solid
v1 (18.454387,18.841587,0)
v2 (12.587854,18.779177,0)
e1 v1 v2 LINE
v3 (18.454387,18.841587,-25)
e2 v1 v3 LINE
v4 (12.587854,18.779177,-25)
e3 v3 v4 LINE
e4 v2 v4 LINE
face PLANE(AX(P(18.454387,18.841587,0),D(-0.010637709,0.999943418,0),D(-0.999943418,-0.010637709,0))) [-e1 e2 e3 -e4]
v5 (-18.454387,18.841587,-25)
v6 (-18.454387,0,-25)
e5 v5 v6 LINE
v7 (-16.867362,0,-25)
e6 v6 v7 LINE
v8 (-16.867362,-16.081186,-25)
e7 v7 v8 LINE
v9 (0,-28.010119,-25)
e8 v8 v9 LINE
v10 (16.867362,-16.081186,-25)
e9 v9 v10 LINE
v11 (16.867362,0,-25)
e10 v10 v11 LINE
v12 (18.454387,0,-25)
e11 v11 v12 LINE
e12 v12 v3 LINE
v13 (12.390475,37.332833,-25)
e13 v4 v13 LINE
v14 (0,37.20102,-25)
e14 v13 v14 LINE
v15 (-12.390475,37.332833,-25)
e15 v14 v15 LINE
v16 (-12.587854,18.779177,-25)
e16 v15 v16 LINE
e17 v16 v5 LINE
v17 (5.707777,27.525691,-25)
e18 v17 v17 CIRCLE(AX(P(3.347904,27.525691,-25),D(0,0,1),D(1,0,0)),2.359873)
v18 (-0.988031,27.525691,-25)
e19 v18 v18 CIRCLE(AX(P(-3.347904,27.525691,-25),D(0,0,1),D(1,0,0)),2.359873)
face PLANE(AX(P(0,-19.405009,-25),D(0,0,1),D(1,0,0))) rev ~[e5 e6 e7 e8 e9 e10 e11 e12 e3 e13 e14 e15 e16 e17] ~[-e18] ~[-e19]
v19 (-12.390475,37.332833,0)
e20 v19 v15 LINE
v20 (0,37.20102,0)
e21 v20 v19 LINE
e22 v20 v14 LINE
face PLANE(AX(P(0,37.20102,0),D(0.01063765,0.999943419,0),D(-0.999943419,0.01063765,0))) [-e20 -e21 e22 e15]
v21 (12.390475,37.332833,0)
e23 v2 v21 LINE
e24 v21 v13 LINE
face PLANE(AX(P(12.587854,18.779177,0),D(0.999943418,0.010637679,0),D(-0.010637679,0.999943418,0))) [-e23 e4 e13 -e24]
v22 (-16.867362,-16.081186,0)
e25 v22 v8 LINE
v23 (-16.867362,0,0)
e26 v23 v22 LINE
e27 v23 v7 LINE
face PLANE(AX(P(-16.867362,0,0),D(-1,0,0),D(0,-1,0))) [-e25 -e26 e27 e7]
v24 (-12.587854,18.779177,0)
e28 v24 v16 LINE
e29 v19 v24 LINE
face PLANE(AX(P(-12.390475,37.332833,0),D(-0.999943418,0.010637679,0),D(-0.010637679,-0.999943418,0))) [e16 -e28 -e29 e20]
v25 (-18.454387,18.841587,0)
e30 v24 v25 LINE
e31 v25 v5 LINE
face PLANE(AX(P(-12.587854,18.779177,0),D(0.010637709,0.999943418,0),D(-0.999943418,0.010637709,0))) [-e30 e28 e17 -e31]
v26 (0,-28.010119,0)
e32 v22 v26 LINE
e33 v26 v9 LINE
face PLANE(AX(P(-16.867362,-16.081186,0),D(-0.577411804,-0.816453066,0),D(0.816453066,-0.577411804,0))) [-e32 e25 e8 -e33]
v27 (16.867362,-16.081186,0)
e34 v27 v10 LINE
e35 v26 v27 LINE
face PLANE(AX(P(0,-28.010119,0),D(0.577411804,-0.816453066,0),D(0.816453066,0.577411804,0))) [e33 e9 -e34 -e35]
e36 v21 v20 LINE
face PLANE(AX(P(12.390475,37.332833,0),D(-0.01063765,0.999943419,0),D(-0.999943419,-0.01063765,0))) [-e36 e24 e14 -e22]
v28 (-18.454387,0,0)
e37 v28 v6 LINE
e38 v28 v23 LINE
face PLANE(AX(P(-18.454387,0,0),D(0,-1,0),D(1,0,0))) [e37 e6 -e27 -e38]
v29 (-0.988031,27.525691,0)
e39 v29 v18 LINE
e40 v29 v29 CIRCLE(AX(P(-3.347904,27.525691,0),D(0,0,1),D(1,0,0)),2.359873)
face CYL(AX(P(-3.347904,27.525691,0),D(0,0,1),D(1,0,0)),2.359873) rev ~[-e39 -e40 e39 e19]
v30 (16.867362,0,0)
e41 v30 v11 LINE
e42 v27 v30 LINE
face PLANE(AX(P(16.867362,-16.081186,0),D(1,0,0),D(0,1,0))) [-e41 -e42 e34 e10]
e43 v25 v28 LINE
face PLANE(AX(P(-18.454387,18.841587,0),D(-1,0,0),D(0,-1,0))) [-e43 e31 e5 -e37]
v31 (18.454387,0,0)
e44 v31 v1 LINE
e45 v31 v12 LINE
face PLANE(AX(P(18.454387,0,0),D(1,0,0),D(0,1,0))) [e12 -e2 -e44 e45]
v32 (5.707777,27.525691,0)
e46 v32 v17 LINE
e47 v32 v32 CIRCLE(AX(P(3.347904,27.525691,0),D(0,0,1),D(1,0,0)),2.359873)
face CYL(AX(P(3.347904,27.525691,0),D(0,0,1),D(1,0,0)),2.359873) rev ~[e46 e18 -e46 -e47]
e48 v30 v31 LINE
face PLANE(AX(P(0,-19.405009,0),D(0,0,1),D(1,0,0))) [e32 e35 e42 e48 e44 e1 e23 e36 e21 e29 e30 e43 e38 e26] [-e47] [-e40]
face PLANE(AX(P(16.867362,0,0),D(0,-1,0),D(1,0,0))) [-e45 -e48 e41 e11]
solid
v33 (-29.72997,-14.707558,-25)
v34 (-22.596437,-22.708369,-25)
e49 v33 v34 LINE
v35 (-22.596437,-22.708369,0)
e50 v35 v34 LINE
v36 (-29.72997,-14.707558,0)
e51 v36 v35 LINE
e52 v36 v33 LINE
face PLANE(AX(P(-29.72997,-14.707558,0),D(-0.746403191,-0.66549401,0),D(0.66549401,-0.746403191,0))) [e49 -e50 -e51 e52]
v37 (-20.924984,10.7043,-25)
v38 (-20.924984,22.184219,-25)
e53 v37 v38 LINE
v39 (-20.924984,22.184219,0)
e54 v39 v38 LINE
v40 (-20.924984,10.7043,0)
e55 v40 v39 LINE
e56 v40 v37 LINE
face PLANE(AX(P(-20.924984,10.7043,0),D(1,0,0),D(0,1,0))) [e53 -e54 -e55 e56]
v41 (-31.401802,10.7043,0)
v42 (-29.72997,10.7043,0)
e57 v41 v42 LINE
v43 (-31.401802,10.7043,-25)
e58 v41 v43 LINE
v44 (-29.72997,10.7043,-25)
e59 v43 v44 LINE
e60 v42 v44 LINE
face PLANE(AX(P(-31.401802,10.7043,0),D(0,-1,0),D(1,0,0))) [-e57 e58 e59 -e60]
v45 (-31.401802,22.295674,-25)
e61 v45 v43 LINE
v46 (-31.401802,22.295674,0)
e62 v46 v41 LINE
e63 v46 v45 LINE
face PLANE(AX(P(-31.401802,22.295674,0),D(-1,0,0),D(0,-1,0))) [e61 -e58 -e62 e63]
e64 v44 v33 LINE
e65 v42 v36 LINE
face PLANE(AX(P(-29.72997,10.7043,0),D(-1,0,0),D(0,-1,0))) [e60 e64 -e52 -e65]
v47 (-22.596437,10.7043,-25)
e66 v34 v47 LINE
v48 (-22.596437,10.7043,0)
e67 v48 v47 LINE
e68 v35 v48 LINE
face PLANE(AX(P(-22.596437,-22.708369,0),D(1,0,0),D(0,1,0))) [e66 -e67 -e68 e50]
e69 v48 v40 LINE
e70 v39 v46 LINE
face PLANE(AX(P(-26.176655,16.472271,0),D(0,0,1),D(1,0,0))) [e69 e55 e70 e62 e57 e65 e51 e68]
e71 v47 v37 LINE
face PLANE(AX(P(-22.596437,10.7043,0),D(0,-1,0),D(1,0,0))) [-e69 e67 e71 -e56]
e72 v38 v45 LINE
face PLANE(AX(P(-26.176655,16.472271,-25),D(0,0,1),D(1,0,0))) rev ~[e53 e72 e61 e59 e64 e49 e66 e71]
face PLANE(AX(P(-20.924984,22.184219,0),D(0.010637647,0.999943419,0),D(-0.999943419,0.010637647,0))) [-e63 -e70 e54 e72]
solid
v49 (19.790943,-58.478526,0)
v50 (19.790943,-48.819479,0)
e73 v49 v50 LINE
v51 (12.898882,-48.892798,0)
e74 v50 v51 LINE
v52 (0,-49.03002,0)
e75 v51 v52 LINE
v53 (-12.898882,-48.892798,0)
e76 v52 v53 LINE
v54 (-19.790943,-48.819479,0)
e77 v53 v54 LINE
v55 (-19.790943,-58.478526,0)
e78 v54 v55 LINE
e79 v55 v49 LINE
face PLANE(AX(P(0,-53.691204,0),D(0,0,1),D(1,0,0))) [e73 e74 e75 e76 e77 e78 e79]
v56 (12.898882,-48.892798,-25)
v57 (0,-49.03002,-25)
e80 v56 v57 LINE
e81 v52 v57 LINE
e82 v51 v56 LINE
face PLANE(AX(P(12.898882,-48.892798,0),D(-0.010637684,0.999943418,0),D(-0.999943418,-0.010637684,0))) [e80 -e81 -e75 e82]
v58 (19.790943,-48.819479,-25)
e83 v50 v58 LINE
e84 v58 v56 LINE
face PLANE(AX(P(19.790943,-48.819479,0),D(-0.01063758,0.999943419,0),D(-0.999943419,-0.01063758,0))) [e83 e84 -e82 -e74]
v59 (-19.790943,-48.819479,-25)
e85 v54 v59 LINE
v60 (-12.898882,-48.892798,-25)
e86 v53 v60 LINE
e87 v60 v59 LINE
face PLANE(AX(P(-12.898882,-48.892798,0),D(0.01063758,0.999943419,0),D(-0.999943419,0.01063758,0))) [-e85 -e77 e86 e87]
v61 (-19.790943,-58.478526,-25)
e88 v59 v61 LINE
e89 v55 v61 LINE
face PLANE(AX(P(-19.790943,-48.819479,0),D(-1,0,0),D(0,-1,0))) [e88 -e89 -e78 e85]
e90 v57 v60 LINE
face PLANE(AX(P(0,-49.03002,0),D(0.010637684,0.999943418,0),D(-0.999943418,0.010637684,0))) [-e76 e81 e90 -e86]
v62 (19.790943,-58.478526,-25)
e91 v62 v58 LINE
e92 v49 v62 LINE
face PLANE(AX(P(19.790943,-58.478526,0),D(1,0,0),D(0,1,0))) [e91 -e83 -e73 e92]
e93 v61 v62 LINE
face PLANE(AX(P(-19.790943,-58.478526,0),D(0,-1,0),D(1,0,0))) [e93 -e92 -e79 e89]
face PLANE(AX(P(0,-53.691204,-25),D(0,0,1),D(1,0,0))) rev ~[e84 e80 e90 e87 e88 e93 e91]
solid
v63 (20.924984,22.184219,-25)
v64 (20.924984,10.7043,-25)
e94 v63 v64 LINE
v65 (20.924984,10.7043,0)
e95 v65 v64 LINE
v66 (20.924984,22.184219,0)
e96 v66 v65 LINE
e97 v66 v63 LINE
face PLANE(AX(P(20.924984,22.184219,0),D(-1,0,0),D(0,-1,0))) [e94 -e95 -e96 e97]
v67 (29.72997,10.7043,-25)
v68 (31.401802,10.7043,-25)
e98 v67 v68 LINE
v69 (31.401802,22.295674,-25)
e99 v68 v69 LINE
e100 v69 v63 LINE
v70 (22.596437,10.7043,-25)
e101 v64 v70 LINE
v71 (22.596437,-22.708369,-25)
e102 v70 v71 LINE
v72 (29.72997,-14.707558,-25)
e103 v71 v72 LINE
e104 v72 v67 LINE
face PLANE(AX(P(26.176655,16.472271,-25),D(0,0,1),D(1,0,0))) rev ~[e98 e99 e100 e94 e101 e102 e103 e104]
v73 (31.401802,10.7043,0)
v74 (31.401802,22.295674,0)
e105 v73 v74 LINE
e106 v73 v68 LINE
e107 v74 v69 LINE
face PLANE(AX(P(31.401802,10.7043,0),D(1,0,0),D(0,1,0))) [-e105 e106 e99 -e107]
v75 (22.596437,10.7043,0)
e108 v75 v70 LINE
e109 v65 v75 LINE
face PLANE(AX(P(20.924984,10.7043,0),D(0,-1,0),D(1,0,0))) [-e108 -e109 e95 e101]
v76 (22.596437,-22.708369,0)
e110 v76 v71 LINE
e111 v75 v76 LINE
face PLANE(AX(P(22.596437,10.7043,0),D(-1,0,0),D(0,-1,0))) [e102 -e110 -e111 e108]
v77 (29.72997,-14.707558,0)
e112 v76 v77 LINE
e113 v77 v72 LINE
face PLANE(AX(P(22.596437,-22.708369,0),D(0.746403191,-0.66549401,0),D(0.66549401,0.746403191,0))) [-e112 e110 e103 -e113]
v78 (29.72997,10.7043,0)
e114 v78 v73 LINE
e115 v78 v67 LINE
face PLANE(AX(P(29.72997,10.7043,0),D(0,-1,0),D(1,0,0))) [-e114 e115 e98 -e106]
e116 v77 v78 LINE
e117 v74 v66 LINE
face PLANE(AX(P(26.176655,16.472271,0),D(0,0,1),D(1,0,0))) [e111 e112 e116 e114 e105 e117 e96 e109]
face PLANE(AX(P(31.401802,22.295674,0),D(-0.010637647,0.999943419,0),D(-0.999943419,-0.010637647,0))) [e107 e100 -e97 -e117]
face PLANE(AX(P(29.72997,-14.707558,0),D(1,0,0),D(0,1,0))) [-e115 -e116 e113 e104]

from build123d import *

# Parameters (mm, degrees)
F1_R     = 2.359873
F2_DEPTH = 25


with BuildPart() as f2:
    # F1 (on Top) → F2 (new body)
    with BuildSketch(Plane.XY):
        Polygon((-20.924984, 22.184219), (-31.401802, 22.295674), (-31.401802, 10.7043), (-29.72997, 10.7043), (-22.596437, 10.7043), (-20.924984, 10.7043), align=None)
        Polygon((-22.596437, 10.7043), (-29.72997, 10.7043), (-29.72997, -14.707558), (-22.596437, -14.783446), align=None)
        Polygon((-22.596437, -14.783446), (-29.72997, -14.707558), (-22.596437, -22.708369), align=None)
        Polygon((-16.867362, -16.081186), (0, -28.010119), (16.867362, -16.081186), (0, -16.260625), align=None)
        Polygon((-19.790943, -48.819479), (-19.790943, -58.478526), (19.790943, -58.478526), (19.790943, -48.819479), (12.898882, -48.892798), (0, -49.03002), (-12.898882, -48.892798), align=None)
        Polygon((-16.867362, 0), (-16.867362, -16.081186), (0, -16.260625), (16.867362, -16.081186), (16.867362, 0), (0, 0), align=None)
        Polygon((-18.454387, 0), (-16.867362, 0), (0, 0), (0, 18.645264), (-12.587854, 18.779177), (-18.454387, 18.841587), align=None)
        Polygon((0, 0), (16.867362, 0), (18.454387, 0), (18.454387, 18.841587), (12.587854, 18.779177), (0, 18.645264), align=None)
        Polygon((-12.587854, 18.779177), (0, 18.645264), (12.587854, 18.779177), (12.390475, 37.332833), (0, 37.20102), (-12.390475, 37.332833), align=None)
        with Locations((-3.347904, 27.525691)):
            Circle(F1_R, mode=Mode.SUBTRACT)
        with Locations((3.347904, 27.525691)):
            Circle(F1_R, mode=Mode.SUBTRACT)
        Polygon((31.401802, 22.295674), (20.924984, 22.184219), (20.924984, 10.7043), (22.596437, 10.7043), (29.72997, 10.7043), (31.401802, 10.7043), align=None)
        Polygon((29.72997, 10.7043), (22.596437, 10.7043), (22.596437, -14.783446), (29.72997, -14.707558), align=None)
        Polygon((29.72997, -14.707558), (22.596437, -14.783446), (22.596437, -22.708369), align=None)
    extrude(amount=-F2_DEPTH)


solid = f2.part
